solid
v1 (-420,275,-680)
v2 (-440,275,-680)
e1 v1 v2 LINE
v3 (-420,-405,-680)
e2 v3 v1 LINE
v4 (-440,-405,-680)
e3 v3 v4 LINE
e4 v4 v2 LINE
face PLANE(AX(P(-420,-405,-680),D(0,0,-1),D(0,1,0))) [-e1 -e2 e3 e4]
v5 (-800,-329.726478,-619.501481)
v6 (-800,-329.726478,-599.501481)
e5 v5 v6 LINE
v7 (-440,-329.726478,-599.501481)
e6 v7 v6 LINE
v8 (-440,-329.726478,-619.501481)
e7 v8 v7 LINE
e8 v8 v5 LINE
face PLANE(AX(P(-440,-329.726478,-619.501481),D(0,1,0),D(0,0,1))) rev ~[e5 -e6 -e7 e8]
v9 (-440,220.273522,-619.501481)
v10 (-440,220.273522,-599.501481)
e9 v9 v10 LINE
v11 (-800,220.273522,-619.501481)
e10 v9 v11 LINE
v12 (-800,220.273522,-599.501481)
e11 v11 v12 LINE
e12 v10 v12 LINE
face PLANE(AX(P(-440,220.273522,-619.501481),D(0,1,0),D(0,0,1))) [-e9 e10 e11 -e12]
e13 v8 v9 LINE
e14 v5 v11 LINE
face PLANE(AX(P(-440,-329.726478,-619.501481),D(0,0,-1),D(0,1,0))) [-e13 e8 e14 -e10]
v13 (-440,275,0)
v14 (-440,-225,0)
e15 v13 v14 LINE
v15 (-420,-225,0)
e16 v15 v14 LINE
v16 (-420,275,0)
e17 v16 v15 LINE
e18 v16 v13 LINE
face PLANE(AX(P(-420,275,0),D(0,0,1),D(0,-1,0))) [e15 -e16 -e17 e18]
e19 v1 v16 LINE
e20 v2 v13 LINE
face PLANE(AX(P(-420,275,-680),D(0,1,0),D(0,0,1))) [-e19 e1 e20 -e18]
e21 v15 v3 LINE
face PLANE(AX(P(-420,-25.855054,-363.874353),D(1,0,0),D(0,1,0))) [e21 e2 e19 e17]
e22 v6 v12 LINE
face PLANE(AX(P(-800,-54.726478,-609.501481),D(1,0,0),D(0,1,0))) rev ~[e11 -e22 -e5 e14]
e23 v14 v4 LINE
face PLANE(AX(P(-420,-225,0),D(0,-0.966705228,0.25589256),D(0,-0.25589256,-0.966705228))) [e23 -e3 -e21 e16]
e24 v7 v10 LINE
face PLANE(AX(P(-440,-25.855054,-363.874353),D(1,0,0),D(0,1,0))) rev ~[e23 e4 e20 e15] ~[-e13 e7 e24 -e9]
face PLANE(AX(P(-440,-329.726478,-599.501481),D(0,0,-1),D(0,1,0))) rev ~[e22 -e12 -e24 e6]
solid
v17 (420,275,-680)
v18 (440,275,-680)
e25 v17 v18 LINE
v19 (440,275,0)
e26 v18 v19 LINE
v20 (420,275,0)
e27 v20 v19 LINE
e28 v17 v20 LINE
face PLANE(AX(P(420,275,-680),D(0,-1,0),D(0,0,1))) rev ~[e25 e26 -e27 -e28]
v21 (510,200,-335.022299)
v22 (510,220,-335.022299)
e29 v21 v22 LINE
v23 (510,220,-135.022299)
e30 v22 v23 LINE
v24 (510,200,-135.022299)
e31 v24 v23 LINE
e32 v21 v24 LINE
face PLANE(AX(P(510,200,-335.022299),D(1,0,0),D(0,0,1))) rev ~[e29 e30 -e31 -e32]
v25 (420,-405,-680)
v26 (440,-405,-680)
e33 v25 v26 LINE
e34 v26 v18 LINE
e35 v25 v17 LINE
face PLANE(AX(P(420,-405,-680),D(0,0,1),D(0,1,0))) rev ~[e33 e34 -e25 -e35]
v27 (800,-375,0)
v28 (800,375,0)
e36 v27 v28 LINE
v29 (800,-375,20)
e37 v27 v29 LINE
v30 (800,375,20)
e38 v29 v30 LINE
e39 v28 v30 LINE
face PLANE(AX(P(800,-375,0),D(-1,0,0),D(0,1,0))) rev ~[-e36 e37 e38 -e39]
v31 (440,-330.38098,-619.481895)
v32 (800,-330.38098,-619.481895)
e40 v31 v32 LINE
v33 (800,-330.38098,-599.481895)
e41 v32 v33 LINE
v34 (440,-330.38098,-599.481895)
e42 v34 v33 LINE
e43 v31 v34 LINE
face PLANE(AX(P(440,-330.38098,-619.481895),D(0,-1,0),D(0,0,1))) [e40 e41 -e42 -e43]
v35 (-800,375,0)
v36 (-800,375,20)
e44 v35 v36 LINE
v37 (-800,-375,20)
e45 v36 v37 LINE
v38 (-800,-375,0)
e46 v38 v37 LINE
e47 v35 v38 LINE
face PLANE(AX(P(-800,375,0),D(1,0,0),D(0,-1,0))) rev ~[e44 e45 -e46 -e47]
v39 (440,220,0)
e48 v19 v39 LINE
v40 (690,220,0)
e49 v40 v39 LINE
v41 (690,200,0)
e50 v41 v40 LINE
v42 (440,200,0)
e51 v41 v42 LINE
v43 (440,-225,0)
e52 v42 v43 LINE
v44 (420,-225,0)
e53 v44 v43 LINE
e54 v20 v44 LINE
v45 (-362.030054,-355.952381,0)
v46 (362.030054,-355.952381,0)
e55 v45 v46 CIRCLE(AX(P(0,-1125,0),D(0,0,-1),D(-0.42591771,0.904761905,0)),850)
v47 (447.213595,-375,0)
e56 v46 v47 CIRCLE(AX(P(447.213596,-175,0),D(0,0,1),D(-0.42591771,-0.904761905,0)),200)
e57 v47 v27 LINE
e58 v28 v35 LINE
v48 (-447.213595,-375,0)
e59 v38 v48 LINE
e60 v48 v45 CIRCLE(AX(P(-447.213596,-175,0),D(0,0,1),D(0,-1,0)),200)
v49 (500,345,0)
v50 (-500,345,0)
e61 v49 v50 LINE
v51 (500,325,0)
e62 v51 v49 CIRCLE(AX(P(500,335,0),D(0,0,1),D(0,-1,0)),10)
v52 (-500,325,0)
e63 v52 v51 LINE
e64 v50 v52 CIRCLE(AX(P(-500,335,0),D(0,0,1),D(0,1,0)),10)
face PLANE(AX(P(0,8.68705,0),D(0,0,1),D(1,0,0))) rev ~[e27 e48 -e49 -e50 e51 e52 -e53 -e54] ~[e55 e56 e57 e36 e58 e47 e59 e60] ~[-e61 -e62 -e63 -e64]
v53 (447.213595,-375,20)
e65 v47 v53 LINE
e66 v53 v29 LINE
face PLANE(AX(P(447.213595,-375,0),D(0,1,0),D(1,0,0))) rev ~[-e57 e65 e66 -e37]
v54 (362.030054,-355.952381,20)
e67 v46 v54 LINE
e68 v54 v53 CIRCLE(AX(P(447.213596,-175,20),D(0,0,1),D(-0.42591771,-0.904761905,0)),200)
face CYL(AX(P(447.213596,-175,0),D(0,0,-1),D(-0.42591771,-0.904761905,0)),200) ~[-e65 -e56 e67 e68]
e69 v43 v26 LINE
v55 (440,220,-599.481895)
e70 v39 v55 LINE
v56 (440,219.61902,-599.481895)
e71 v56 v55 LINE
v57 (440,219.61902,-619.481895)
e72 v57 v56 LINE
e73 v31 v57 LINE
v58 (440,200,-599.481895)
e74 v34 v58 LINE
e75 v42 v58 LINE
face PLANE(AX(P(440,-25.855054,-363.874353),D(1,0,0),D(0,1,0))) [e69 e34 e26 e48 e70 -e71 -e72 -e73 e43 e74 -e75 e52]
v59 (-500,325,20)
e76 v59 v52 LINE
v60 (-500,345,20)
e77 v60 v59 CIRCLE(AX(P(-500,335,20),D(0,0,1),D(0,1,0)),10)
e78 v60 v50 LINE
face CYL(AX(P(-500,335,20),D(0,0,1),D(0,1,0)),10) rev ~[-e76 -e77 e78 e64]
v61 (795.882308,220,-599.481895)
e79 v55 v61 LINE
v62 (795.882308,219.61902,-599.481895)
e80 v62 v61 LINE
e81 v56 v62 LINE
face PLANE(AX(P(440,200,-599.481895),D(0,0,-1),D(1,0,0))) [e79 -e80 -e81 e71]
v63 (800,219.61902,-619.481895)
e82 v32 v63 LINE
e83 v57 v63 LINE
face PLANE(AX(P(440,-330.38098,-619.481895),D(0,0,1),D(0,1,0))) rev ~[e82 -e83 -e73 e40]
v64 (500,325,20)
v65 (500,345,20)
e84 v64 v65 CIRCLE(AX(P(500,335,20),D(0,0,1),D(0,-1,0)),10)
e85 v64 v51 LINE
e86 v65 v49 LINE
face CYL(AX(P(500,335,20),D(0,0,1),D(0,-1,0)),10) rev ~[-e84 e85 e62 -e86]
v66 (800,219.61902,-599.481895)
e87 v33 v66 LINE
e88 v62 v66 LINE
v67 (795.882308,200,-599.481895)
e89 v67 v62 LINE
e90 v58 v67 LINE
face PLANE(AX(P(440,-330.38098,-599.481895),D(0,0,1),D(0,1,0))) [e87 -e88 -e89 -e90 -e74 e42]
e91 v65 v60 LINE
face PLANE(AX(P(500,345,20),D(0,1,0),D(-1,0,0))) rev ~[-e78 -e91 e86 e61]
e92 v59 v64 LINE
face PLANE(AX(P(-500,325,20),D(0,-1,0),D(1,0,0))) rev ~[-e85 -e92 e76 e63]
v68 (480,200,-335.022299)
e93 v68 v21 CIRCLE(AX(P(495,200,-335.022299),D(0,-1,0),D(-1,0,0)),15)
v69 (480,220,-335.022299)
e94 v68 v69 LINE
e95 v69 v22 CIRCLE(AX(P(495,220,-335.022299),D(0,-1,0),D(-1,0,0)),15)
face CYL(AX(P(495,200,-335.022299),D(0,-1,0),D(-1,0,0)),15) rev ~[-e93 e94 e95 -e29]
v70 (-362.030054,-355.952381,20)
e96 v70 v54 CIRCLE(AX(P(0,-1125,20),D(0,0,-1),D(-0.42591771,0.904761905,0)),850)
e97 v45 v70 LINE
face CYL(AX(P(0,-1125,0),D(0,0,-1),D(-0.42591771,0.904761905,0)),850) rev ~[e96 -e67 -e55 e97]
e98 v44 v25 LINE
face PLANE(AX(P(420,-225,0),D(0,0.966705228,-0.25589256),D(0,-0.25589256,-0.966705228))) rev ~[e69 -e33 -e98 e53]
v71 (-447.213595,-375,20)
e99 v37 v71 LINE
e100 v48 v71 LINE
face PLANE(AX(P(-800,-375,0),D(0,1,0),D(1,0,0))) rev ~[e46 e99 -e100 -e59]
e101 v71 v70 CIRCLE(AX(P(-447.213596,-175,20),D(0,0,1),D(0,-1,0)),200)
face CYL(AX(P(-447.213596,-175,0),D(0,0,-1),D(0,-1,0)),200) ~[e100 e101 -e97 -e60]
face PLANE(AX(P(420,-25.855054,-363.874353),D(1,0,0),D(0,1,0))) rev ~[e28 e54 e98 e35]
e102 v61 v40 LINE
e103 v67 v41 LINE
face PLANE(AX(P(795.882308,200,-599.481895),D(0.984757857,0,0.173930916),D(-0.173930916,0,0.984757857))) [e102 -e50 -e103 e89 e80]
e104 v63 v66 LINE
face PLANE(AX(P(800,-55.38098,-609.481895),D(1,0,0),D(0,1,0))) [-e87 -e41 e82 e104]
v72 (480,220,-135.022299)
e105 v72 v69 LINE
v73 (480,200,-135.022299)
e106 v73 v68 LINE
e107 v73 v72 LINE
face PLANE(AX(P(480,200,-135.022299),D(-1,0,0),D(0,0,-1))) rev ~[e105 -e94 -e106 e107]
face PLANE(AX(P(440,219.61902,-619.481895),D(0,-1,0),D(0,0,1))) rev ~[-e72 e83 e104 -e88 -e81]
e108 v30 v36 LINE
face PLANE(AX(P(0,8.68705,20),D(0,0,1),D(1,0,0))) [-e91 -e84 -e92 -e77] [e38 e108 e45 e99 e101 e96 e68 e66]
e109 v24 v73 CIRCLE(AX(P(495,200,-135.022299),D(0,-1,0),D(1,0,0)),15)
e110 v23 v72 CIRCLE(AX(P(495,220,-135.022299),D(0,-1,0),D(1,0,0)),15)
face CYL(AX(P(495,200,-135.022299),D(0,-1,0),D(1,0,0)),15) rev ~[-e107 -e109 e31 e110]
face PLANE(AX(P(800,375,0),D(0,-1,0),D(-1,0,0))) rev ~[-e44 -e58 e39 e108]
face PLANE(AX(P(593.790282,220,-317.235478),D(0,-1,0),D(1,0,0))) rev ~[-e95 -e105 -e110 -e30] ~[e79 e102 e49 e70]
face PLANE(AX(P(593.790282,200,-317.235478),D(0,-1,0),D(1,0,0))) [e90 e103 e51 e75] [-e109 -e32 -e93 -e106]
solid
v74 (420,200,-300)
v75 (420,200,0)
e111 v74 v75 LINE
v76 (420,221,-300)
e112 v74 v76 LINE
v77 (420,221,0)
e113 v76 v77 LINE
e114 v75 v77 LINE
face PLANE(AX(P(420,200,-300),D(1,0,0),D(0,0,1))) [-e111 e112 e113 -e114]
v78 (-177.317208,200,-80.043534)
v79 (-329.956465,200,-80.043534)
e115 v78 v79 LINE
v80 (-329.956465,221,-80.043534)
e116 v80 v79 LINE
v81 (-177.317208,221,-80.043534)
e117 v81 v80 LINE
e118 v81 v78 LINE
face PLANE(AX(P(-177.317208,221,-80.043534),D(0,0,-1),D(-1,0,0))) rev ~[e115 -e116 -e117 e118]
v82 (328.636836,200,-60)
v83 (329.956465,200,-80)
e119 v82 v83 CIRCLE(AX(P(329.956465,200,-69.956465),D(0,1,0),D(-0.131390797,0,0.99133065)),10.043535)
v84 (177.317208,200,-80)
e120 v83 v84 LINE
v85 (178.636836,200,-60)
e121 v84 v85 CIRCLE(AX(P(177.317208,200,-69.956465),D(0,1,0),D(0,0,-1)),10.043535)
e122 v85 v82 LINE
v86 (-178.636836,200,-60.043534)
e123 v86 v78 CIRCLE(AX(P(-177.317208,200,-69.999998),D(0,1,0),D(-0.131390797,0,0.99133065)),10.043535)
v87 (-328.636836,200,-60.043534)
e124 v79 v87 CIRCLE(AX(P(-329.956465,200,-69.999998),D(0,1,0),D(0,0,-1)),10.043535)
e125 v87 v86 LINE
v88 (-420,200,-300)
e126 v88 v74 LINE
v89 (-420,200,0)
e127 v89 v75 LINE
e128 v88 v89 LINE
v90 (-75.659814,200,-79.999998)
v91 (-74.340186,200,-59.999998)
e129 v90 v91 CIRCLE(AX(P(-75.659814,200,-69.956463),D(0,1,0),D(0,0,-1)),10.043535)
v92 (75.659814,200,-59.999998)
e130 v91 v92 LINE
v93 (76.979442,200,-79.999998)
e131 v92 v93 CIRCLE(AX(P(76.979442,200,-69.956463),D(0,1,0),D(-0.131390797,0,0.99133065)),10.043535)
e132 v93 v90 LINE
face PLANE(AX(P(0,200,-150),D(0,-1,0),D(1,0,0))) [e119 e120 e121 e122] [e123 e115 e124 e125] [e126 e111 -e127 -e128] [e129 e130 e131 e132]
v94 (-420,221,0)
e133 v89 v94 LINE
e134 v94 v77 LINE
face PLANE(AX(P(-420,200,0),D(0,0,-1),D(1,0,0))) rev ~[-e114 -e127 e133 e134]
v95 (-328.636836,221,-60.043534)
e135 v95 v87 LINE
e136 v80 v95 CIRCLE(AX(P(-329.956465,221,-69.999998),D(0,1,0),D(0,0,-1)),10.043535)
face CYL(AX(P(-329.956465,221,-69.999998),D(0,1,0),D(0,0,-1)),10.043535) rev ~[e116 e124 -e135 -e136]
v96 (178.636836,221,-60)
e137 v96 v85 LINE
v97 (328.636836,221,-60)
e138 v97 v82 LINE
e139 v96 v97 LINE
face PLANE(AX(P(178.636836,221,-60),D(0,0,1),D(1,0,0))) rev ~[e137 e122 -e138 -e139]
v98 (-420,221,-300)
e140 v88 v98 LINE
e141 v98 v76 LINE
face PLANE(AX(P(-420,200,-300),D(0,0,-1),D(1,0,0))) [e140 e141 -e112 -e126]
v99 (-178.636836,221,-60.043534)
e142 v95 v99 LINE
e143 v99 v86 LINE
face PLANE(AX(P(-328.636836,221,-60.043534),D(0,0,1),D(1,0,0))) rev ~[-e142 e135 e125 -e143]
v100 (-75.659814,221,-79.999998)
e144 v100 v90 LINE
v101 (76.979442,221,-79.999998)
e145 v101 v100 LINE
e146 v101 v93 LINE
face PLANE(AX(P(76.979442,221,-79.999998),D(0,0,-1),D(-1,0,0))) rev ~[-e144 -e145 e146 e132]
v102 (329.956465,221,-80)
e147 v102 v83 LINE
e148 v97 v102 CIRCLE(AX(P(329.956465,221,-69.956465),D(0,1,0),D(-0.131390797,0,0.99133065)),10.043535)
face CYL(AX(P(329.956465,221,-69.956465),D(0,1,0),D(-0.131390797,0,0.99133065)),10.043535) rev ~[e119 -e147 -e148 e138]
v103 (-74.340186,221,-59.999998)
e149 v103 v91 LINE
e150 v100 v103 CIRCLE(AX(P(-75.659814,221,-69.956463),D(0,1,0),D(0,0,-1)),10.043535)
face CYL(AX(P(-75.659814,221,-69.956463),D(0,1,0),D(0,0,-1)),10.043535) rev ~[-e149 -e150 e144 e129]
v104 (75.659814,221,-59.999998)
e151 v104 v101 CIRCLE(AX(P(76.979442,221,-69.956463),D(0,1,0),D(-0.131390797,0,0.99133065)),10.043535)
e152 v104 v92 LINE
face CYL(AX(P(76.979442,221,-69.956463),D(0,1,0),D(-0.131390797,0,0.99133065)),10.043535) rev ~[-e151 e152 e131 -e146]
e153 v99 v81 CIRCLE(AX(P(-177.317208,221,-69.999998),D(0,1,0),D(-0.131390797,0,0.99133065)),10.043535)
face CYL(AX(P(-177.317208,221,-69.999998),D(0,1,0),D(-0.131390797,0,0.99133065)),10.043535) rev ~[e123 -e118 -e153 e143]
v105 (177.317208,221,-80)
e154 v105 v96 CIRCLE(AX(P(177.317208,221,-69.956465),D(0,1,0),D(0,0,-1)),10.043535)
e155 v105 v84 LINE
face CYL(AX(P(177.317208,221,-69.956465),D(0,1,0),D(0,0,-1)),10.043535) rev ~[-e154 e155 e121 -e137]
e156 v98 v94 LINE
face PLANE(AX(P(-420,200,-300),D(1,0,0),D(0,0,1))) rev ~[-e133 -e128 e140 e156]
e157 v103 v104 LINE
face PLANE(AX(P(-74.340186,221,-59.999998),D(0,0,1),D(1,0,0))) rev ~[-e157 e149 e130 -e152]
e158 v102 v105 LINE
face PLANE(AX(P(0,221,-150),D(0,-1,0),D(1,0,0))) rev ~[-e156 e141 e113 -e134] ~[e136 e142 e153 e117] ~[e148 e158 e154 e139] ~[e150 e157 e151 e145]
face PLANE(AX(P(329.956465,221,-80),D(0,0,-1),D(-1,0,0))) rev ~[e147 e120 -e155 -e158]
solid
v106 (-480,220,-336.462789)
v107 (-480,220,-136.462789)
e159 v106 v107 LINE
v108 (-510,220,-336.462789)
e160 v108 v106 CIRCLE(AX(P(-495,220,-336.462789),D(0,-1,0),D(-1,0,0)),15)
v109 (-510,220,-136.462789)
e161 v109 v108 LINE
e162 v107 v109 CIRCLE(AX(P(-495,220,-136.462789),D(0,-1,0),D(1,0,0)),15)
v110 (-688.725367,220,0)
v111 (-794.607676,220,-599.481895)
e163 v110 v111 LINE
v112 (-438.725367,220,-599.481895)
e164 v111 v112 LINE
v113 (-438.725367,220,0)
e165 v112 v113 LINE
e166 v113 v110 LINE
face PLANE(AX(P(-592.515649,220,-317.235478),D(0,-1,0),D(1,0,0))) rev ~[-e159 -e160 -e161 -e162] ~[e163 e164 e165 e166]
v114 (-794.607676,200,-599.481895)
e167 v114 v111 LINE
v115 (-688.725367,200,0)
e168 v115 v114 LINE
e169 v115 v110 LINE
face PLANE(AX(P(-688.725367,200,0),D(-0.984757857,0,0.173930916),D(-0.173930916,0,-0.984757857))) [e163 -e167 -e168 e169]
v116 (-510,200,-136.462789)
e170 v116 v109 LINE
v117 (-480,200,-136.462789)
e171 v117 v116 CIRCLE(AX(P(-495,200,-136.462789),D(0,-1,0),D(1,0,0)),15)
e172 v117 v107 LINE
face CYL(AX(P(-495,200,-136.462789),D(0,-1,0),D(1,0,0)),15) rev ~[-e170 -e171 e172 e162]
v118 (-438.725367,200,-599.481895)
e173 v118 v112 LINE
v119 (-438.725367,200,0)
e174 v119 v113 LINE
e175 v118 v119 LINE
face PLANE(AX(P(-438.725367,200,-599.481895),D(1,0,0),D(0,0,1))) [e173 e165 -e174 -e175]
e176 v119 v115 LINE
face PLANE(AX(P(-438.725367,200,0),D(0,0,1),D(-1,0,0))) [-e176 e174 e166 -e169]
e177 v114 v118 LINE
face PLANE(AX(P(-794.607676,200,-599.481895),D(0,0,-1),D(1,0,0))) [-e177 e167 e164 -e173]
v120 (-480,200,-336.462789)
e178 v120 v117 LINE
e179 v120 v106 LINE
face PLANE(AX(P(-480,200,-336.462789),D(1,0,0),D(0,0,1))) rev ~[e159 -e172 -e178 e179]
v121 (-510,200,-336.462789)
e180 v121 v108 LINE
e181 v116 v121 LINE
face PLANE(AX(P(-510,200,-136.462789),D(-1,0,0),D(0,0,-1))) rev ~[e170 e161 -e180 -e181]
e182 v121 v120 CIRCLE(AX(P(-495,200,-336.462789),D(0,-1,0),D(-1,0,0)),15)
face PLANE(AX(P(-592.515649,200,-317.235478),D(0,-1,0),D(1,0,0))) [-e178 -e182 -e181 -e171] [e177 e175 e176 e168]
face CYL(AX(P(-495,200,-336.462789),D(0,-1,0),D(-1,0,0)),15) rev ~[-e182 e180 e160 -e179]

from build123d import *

# Parameters (mm, degrees)
F1_DEPTH  = 20
F3_START  = -420
F3_DEPTH  = 20
F5_START  = 420
F5_DEPTH  = 20
F7_START  = -200
F6_W      = 840
F6_H      = 300
F7_DEPTH  = 21
F9_START  = -200
F9_DEPTH  = 20
F11_START = -440
F10_W     = 550
F10_H     = 20
F11_DEPTH = 360
F13_DEPTH = 61
F15_DEPTH = 20
F17_DEPTH = 20
F19_START = 440
F18_W     = 550
F18_H     = 20
F19_DEPTH = 360
F21_DEPTH = 20
F23_DEPTH = 21
F24_DEPTH = 21


with BuildPart() as f1:
    # F0 (on Top) → F1 (new body)
    with BuildSketch(Plane.XY):
        with BuildLine():
            Line((447.2135955, -375), (800, -375))
            Line((800, -375), (800, 375))
            Line((800, 375), (-800, 375))
            Line((-800, 375), (-800, -375))
            Line((-800, -375), (-447.2135955, -375))
            ThreePointArc((-447.2135955, -375), (-403.5700174528, -370.1800145897), (-362.0300535, -355.9523809524))
            ThreePointArc((-362.0300535, -355.9523809524), (0, -275), (362.0300535, -355.9523809524))
            ThreePointArc((362.0300535, -355.9523809524), (403.5700174528, -370.1800145897), (447.2135955, -375))
        make_face()
    extrude(amount=F1_DEPTH)

    # F4 (on Right) → F5 (join)
    with BuildSketch(Plane.YZ.offset(F5_START)):
        Polygon((275, 0), (-225, 0), (-405, -680), (275, -680), align=None)
    extrude(amount=F5_DEPTH)

    # F14 (on face) → F15 (cut, through all)
    with BuildSketch(Plane.XY.offset(20)):
        with BuildLine():
            Line((500, 345), (-500, 345))
            ThreePointArc((-500, 345), (-510, 335), (-500, 325))
            Line((-500, 325), (500, 325))
            ThreePointArc((500, 325), (510, 335), (500, 345))
        make_face()
    extrude(amount=-F15_DEPTH, mode=Mode.SUBTRACT)

    # F16 (on face) → F17 (join)
    with BuildSketch(Plane.XZ.offset(-200)):
        Polygon((690, 0), (440, 0), (440, -599.4818952843), (795.8823083662, -599.4818952843), align=None)
    extrude(amount=-F17_DEPTH)

    # F18 (on Right) → F19 (join)
    with BuildSketch(Plane.YZ.offset(F19_START)):
        with Locations((-55.3809798328, -609.4818952843)):
            Rectangle(F18_W, F18_H)
    extrude(amount=F19_DEPTH)

    # F20 (on face) → F21 (cut, through all)
    with BuildSketch(Plane.XZ.offset(-200)):
        with BuildLine():
            ThreePointArc((510, -135.0222993022), (495, -120.0222993022), (480, -135.0222993022))
            Line((480, -135.0222993022), (480, -335.0222993022))
            ThreePointArc((480, -335.0222993022), (495, -350.0222993022), (510, -335.0222993022))
            Line((510, -335.0222993022), (510, -135.0222993022))
        make_face()
    extrude(amount=-F21_DEPTH, mode=Mode.SUBTRACT)


with BuildPart() as f3:
    # F2 (on Right) → F3 (new body)
    with BuildSketch(Plane.YZ.offset(F3_START)):
        Polygon((275, -680), (275, 0), (-225, 0), (-405, -680), align=None)
    extrude(amount=-F3_DEPTH)

    # F10 (on Right) → F11 (join)
    with BuildSketch(Plane.YZ.offset(F11_START)):
        with Locations((-54.7264778555, -609.5014810562)):
            Rectangle(F10_W, F10_H)
    extrude(amount=-F11_DEPTH)


with BuildPart() as f7:
    # F6 (on Front) → F7 (new body)
    with BuildSketch(Plane.XZ.offset(F7_START)):
        with Locations((0, -150)):
            Rectangle(F6_W, F6_H)
    extrude(amount=-F7_DEPTH)

    # F22 (on face) → F23 (cut, through all)
    with BuildSketch(Plane(origin=(0, 221, 0), x_dir=(-1, 0, 0), z_dir=(0, 1, 0))):
        with BuildLine():
            Line((-178.6368364096, -60), (-328.6368364096, -60))
            ThreePointArc((-328.6368364096, -60), (-339.9782086297, -69.2952157691), (-329.9564645399, -80))
            Line((-329.9564645399, -80), (-177.3172082792, -80))
            ThreePointArc((-177.3172082792, -80), (-167.2954641894, -69.2952157691), (-178.6368364096, -60))
        make_face()
    extrude(amount=-F23_DEPTH, mode=Mode.SUBTRACT)

    # F22 (on face) → F24 (cut, through all)
    with BuildSketch(Plane(origin=(0, 221, 0), x_dir=(-1, 0, 0), z_dir=(0, 1, 0))):
        with BuildLine():
            Line((75.6598140652, -79.9999982119), (-75.6598140652, -59.9999982119))
            ThreePointArc((-75.6598140652, -59.9999982119), (-87.0011862853, -69.295213981), (-76.9794421956, -79.9999982119))
            Line((-76.9794421956, -79.9999982119), (75.6598140652, -79.9999982119))
        make_face()
        with BuildLine():
            Line((74.3401859348, -59.9999982119), (-75.6598140652, -59.9999982119))
            Line((-75.6598140652, -59.9999982119), (75.6598140652, -79.9999982119))
            ThreePointArc((75.6598140652, -79.9999982119), (85.6815581549, -69.295213981), (74.3401859348, -59.9999982119))
        make_face()
        with BuildLine():
            Line((328.6368364096, -60.0435336719), (178.6368364096, -60.0435336719))
            ThreePointArc((178.6368364096, -60.0435336719), (167.2954641894, -69.3387494411), (177.3172082792, -80.0435336719))
            Line((177.3172082792, -80.0435336719), (329.9564645399, -80.0435336719))
            ThreePointArc((329.9564645399, -80.0435336719), (339.9782086297, -69.338749441), (328.6368364096, -60.0435336719))
        make_face()
    extrude(amount=-F24_DEPTH, mode=Mode.SUBTRACT)


with BuildPart() as f9:
    # F8 (on Front) → F9 (new body)
    with BuildSketch(Plane.XZ.offset(F9_START)):
        Polygon((-438.7253674408, -599.4818952843), (-438.7253674408, 0), (-688.7253674408, 0), (-794.607675807, -599.4818952843), align=None)
    extrude(amount=-F9_DEPTH)

    # F12 (on face) → F13 (cut)
    with BuildSketch(Plane.XZ.offset(-200)):
        with BuildLine():
            ThreePointArc((-480, -136.4627885793), (-495, -121.4627885793), (-510, -136.4627885793))
            Line((-510, -136.4627885793), (-510, -336.4627885793))
            ThreePointArc((-510, -336.4627885793), (-495, -351.4627885793), (-480, -336.4627885793))
            Line((-480, -336.4627885793), (-480, -136.4627885793))
        make_face()
    extrude(amount=-F13_DEPTH, mode=Mode.SUBTRACT)


solid = Compound([f1.part, f3.part, f7.part, f9.part])
